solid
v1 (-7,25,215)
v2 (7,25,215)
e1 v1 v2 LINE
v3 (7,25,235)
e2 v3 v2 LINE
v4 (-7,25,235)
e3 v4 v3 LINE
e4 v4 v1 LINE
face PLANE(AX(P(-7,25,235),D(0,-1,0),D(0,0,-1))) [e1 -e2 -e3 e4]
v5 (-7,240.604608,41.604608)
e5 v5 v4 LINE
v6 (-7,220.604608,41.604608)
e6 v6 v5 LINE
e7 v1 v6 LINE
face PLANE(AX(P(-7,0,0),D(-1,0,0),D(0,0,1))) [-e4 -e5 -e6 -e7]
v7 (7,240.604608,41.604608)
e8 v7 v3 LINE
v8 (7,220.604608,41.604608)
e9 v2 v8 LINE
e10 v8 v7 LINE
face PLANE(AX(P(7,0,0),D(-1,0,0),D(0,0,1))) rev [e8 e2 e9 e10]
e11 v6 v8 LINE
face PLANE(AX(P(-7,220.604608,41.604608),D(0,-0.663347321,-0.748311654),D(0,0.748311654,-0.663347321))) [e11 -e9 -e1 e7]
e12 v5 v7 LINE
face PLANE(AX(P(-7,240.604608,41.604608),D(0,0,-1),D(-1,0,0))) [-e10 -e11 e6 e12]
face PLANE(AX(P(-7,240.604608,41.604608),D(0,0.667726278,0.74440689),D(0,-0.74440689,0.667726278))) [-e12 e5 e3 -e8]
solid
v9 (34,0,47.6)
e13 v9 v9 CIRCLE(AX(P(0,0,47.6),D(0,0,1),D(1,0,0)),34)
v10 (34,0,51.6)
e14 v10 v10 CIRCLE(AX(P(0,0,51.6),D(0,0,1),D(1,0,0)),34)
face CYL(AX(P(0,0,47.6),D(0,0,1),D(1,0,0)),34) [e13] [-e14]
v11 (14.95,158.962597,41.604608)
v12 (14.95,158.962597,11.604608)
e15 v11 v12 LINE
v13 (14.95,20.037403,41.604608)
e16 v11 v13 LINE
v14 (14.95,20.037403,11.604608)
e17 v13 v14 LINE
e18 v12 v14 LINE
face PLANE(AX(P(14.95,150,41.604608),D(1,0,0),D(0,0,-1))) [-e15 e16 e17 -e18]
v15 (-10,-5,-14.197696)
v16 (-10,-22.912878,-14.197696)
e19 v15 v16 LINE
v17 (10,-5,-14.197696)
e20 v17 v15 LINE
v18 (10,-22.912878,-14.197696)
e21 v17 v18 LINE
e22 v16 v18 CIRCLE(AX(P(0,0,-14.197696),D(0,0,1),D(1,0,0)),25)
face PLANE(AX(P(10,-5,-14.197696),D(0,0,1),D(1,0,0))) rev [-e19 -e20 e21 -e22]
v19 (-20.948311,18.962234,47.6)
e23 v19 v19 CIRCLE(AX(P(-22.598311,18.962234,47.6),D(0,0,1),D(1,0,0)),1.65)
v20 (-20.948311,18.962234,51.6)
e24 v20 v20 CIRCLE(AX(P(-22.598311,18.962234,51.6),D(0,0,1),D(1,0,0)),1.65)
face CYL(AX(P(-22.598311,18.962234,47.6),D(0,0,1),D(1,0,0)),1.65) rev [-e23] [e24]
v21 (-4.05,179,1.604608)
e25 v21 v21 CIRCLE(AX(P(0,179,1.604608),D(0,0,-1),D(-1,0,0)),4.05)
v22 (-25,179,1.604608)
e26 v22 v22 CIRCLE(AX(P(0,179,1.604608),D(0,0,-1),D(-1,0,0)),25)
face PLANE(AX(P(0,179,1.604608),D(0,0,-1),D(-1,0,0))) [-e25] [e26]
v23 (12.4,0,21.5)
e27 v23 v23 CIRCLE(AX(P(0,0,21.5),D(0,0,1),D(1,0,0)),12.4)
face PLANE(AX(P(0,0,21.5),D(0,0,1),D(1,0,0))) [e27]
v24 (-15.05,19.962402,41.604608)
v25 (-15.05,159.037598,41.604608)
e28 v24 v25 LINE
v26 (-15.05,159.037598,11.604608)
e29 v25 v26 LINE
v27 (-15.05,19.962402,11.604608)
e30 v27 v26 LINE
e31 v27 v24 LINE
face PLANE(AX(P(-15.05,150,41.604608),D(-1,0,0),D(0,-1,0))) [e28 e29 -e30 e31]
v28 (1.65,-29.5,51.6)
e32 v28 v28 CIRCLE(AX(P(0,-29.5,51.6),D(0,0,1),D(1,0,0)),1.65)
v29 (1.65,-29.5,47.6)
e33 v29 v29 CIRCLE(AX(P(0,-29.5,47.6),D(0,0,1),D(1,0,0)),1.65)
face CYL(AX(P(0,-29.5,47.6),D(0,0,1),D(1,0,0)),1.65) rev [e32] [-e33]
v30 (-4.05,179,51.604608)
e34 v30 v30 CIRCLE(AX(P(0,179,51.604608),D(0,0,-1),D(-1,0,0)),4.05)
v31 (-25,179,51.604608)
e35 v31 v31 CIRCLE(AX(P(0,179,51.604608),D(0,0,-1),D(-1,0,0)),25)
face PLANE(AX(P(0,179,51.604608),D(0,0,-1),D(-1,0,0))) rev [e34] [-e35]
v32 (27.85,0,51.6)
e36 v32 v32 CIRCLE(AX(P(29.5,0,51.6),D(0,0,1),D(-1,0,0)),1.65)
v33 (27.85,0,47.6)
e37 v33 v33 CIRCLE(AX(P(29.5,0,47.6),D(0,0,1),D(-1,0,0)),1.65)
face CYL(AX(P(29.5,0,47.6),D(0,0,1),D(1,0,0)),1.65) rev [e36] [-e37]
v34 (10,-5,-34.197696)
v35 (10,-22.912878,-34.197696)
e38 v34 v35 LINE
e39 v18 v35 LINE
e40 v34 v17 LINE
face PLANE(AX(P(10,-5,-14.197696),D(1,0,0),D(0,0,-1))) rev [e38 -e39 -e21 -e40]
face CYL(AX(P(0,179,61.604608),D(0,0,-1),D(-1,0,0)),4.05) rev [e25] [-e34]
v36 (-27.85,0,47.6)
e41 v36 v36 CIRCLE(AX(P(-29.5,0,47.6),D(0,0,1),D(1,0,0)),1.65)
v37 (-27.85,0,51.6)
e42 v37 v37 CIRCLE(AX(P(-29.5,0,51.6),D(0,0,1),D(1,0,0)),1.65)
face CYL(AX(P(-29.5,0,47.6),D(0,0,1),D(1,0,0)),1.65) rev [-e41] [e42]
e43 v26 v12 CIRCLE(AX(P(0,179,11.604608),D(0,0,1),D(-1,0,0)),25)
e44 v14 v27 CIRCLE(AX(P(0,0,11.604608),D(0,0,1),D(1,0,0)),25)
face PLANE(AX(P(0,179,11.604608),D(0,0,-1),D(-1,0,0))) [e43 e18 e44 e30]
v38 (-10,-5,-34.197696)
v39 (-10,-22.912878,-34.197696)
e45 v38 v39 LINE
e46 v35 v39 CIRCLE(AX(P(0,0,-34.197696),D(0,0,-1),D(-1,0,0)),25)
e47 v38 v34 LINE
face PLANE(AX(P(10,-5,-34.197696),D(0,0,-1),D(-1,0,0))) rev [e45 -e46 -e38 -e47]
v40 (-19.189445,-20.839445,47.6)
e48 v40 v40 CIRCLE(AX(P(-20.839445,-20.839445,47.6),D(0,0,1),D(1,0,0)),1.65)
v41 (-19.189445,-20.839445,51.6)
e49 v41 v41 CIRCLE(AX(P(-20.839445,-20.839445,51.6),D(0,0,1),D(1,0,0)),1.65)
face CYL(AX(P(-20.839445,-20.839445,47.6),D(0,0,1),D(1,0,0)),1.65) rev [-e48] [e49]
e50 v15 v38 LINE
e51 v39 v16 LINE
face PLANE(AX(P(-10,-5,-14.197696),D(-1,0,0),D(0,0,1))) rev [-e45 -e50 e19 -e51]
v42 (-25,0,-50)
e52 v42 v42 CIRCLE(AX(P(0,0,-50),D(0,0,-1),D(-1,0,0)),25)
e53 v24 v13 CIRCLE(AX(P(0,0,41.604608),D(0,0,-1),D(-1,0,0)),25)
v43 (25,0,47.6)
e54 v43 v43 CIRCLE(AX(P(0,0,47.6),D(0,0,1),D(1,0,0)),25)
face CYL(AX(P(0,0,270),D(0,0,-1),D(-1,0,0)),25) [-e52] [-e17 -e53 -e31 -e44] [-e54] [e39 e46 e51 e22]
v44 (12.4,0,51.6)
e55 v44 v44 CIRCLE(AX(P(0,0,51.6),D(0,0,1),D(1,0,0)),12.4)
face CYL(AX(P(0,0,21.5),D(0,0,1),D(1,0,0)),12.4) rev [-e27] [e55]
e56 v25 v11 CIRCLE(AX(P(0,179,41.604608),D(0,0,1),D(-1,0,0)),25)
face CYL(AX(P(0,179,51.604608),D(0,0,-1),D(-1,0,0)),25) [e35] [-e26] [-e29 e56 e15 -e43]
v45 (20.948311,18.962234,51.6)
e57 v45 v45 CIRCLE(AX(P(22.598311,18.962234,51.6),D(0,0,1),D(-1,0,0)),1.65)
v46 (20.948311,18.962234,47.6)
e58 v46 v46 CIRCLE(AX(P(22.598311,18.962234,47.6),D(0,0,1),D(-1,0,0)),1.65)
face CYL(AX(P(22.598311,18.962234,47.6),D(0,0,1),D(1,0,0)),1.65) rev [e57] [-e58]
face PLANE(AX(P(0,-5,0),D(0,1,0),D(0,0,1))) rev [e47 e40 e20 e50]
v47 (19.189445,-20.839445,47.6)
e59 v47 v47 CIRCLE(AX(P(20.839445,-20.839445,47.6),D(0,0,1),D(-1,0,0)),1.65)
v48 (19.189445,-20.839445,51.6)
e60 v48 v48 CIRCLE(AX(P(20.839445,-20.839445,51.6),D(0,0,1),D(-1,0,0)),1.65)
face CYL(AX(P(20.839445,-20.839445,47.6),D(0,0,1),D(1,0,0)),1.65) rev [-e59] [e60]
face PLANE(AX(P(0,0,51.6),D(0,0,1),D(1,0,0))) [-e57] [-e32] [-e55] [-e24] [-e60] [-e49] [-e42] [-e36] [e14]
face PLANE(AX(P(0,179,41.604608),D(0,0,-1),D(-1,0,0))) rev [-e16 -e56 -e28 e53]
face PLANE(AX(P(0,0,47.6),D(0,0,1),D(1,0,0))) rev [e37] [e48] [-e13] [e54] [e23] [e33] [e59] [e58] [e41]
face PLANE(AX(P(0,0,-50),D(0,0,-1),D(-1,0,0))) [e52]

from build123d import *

# Parameters (mm, degrees)
CROQUIS1_R                    = 25
SALIENTE_EXTRUIR1_DEPTH       = 270
CROQUIS2_W                    = 30
CROQUIS2_H                    = 30
SALIENTE_EXTRUIR13_DEPTH      = 150
SALIENTE_EXTRUIR14_DEPTH      = 10
SALIENTE_EXTRUIR14_DEPTH_BACK = 40
CROQUIS14_R                   = 25
SALIENTE_EXTRUIR15_DEPTH      = 7
SALIENTE_EXTRUIR15_DEPTH_BACK = 7
SALIENTE_EXTRUIR16_START      = 50
CROQUIS17_R                   = 25
SALIENTE_EXTRUIR16_DEPTH      = 50
CROQUIS20_R                   = 3.95
SALIENTE_EXTRUIR18_DEPTH      = 6
CROQUIS21_R                   = 2.05
CORTAR_EXTRUIR2_DEPTH         = 10
CROQUIS22_W                   = 20
CROQUIS22_H                   = 20
CORTAR_EXTRUIR3_DEPTH         = 20
SALIENTE_EXTRUIR19_DEPTH      = 30
CROQUIS28_R                   = 26.403024508
CORTAR_EXTRUIR4_DEPTH         = 218.4
CROQUIS29_R                   = 34.264555867
CORTAR_EXTRUIR5_DEPTH         = 218.4
CROQUIS30_R                   = 12.4
CORTAR_EXTRUIR6_DEPTH         = 30.1
CROQUIS31_R                   = 4.05
CORTAR_EXTRUIR7_DEPTH         = 60
SALIENTE_EXTRUIR20_START      = -4
CROQUIS32_R                   = 34
CROQUIS32_R_2                 = 25
CROQUIS32_R_3                 = 1.65
SALIENTE_EXTRUIR20_DEPTH      = 4


with BuildPart() as part:
    # Croquis1 → Saliente-Extruir1 (new body)
    with BuildSketch(Plane.XY):
        Circle(CROQUIS1_R)
    extrude(amount=SALIENTE_EXTRUIR1_DEPTH)

    # Croquis2 → Saliente-Extruir13 (add)
    with BuildSketch(Plane(origin=(0, 0, 0), x_dir=(1, 0, 0), z_dir=(0, 1, 0))):
        with Locations((-0.05, -26.604607898)):
            Rectangle(CROQUIS2_W, CROQUIS2_H)
    extrude(amount=SALIENTE_EXTRUIR13_DEPTH)

    # Croquis17 → Saliente-Extruir16 (add)
    with BuildSketch(Plane(origin=(0, 0, 0), x_dir=(-1, 0, 0), z_dir=(0, 0, -1)).offset(SALIENTE_EXTRUIR16_START)):
        Circle(CROQUIS17_R)
    extrude(amount=-SALIENTE_EXTRUIR16_DEPTH)

    # Croquis20 → Saliente-Extruir18 (add)
    with BuildSketch(Plane(origin=(0, 0, -50), x_dir=(-1, 0, 0), z_dir=(0, 0, -1))):
        Circle(CROQUIS20_R)
    extrude(amount=SALIENTE_EXTRUIR18_DEPTH)

    # Croquis21 → Cortar-Extruir2 (cut)
    with BuildSketch(Plane.XY.offset(270)):
        Circle(CROQUIS21_R)
    extrude(amount=-CORTAR_EXTRUIR2_DEPTH, mode=Mode.SUBTRACT)

    # Croquis22 → Cortar-Extruir3 (cut)
    with BuildSketch(Plane(origin=(0, -25, 0), x_dir=(-1, 0, 0), z_dir=(0, -1, 0))):
        with Locations((0, 24.197696051)):
            Rectangle(CROQUIS22_W, CROQUIS22_H)
    extrude(amount=-CORTAR_EXTRUIR3_DEPTH, mode=Mode.SUBTRACT)



with BuildPart() as body_2:
    # Croquis14 → Saliente-Extruir14 (new, two sides: drawn at the far end of the back side and taken through both)
    with BuildSketch(Plane(origin=(0, 0, 11.604607898), x_dir=(-1, 0, 0), z_dir=(0, 0, -1)).offset(-SALIENTE_EXTRUIR14_DEPTH_BACK)):
        with Locations((0, 179)):
            Circle(CROQUIS14_R)
    extrude(amount=SALIENTE_EXTRUIR14_DEPTH + SALIENTE_EXTRUIR14_DEPTH_BACK)


with BuildPart() as body_3:
    # Croquis15 → Saliente-Extruir15 (new, two sides: drawn at the far end of the back side and taken through both)
    with BuildSketch(Plane(origin=(0, 0, 0), x_dir=(0, 0, -1), z_dir=(1, 0, 0)).offset(-SALIENTE_EXTRUIR15_DEPTH_BACK)):
        Polygon((-41.604607898, 240.604607898), (-235, 25), (-215, 25), (-41.604607898, 220.604607898), align=None)
    extrude(amount=SALIENTE_EXTRUIR15_DEPTH + SALIENTE_EXTRUIR15_DEPTH_BACK)


with BuildPart() as part_1:
    add(part.part)

    add(body_2.part)  # Saliente-Extruir19 merges body 2
    # Croquis27 → Saliente-Extruir19 (add)
    with BuildSketch(Plane(origin=(0, 0, 11.604607898), x_dir=(-1, 0, 0), z_dir=(0, 0, -1))):
        with BuildLine():
            Line((-14.95, 150), (-14.95, 158.962597474))
            ThreePointArc((-14.95, 158.962597474), (0.06250011, 154.000078125), (15.05, 159.03759784))
            Line((15.05, 159.03759784), (15.05, 150))
            Line((15.05, 150), (-14.95, 150))
        make_face()
    extrude(amount=-SALIENTE_EXTRUIR19_DEPTH)

    # Croquis28 → Cortar-Extruir4 (cut)
    with BuildSketch(Plane.XY.offset(270)):
        Circle(CROQUIS28_R)
    extrude(amount=-CORTAR_EXTRUIR4_DEPTH, mode=Mode.SUBTRACT)

    # Croquis29 → Cortar-Extruir5 (cut)
    with BuildSketch(Plane(origin=(0, 0, -50), x_dir=(-1, 0, 0), z_dir=(0, 0, -1))):
        Circle(CROQUIS29_R)
    extrude(amount=CORTAR_EXTRUIR5_DEPTH, mode=Mode.SUBTRACT)

    # Croquis30 → Cortar-Extruir6 (cut)
    with BuildSketch(Plane.XY.offset(51.6)):
        Circle(CROQUIS30_R)
    extrude(amount=-CORTAR_EXTRUIR6_DEPTH, mode=Mode.SUBTRACT)

    # Croquis31 → Cortar-Extruir7 (cut)
    with BuildSketch(Plane(origin=(0, 0, 1.604607898), x_dir=(-1, 0, 0), z_dir=(0, 0, -1))):
        with Locations((0, 179)):
            Circle(CROQUIS31_R)
    extrude(amount=-CORTAR_EXTRUIR7_DEPTH, mode=Mode.SUBTRACT)

    # Croquis32 → Saliente-Extruir20 (add)
    with BuildSketch(Plane.XY.offset(51.6).offset(SALIENTE_EXTRUIR20_START)):
        Circle(CROQUIS32_R)
        with Locations(Location((0, 0, 0), (0, 0, 180))):
            Circle(CROQUIS32_R_2, mode=Mode.SUBTRACT)
        with Locations((-22.598311072, 18.962234486)):
            Circle(CROQUIS32_R_3, mode=Mode.SUBTRACT)
        with Locations((-29.5, 0)):
            Circle(CROQUIS32_R_3, mode=Mode.SUBTRACT)
        with Locations((-20.839445312, -20.839445312)):
            Circle(CROQUIS32_R_3, mode=Mode.SUBTRACT)
        with Locations((0, -29.5)):
            Circle(CROQUIS32_R_3, mode=Mode.SUBTRACT)
        with Locations(Location((20.839445312, -20.839445312, 0), (0, 0, 180))):
            Circle(CROQUIS32_R_3, mode=Mode.SUBTRACT)
        with Locations(Location((29.5, 0, 0), (0, 0, 180))):
            Circle(CROQUIS32_R_3, mode=Mode.SUBTRACT)
        with Locations(Location((22.598311072, 18.962234486, 0), (0, 0, 180))):
            Circle(CROQUIS32_R_3, mode=Mode.SUBTRACT)
    extrude(amount=SALIENTE_EXTRUIR20_DEPTH)


solid = Compound([body_3.part, part_1.part])
